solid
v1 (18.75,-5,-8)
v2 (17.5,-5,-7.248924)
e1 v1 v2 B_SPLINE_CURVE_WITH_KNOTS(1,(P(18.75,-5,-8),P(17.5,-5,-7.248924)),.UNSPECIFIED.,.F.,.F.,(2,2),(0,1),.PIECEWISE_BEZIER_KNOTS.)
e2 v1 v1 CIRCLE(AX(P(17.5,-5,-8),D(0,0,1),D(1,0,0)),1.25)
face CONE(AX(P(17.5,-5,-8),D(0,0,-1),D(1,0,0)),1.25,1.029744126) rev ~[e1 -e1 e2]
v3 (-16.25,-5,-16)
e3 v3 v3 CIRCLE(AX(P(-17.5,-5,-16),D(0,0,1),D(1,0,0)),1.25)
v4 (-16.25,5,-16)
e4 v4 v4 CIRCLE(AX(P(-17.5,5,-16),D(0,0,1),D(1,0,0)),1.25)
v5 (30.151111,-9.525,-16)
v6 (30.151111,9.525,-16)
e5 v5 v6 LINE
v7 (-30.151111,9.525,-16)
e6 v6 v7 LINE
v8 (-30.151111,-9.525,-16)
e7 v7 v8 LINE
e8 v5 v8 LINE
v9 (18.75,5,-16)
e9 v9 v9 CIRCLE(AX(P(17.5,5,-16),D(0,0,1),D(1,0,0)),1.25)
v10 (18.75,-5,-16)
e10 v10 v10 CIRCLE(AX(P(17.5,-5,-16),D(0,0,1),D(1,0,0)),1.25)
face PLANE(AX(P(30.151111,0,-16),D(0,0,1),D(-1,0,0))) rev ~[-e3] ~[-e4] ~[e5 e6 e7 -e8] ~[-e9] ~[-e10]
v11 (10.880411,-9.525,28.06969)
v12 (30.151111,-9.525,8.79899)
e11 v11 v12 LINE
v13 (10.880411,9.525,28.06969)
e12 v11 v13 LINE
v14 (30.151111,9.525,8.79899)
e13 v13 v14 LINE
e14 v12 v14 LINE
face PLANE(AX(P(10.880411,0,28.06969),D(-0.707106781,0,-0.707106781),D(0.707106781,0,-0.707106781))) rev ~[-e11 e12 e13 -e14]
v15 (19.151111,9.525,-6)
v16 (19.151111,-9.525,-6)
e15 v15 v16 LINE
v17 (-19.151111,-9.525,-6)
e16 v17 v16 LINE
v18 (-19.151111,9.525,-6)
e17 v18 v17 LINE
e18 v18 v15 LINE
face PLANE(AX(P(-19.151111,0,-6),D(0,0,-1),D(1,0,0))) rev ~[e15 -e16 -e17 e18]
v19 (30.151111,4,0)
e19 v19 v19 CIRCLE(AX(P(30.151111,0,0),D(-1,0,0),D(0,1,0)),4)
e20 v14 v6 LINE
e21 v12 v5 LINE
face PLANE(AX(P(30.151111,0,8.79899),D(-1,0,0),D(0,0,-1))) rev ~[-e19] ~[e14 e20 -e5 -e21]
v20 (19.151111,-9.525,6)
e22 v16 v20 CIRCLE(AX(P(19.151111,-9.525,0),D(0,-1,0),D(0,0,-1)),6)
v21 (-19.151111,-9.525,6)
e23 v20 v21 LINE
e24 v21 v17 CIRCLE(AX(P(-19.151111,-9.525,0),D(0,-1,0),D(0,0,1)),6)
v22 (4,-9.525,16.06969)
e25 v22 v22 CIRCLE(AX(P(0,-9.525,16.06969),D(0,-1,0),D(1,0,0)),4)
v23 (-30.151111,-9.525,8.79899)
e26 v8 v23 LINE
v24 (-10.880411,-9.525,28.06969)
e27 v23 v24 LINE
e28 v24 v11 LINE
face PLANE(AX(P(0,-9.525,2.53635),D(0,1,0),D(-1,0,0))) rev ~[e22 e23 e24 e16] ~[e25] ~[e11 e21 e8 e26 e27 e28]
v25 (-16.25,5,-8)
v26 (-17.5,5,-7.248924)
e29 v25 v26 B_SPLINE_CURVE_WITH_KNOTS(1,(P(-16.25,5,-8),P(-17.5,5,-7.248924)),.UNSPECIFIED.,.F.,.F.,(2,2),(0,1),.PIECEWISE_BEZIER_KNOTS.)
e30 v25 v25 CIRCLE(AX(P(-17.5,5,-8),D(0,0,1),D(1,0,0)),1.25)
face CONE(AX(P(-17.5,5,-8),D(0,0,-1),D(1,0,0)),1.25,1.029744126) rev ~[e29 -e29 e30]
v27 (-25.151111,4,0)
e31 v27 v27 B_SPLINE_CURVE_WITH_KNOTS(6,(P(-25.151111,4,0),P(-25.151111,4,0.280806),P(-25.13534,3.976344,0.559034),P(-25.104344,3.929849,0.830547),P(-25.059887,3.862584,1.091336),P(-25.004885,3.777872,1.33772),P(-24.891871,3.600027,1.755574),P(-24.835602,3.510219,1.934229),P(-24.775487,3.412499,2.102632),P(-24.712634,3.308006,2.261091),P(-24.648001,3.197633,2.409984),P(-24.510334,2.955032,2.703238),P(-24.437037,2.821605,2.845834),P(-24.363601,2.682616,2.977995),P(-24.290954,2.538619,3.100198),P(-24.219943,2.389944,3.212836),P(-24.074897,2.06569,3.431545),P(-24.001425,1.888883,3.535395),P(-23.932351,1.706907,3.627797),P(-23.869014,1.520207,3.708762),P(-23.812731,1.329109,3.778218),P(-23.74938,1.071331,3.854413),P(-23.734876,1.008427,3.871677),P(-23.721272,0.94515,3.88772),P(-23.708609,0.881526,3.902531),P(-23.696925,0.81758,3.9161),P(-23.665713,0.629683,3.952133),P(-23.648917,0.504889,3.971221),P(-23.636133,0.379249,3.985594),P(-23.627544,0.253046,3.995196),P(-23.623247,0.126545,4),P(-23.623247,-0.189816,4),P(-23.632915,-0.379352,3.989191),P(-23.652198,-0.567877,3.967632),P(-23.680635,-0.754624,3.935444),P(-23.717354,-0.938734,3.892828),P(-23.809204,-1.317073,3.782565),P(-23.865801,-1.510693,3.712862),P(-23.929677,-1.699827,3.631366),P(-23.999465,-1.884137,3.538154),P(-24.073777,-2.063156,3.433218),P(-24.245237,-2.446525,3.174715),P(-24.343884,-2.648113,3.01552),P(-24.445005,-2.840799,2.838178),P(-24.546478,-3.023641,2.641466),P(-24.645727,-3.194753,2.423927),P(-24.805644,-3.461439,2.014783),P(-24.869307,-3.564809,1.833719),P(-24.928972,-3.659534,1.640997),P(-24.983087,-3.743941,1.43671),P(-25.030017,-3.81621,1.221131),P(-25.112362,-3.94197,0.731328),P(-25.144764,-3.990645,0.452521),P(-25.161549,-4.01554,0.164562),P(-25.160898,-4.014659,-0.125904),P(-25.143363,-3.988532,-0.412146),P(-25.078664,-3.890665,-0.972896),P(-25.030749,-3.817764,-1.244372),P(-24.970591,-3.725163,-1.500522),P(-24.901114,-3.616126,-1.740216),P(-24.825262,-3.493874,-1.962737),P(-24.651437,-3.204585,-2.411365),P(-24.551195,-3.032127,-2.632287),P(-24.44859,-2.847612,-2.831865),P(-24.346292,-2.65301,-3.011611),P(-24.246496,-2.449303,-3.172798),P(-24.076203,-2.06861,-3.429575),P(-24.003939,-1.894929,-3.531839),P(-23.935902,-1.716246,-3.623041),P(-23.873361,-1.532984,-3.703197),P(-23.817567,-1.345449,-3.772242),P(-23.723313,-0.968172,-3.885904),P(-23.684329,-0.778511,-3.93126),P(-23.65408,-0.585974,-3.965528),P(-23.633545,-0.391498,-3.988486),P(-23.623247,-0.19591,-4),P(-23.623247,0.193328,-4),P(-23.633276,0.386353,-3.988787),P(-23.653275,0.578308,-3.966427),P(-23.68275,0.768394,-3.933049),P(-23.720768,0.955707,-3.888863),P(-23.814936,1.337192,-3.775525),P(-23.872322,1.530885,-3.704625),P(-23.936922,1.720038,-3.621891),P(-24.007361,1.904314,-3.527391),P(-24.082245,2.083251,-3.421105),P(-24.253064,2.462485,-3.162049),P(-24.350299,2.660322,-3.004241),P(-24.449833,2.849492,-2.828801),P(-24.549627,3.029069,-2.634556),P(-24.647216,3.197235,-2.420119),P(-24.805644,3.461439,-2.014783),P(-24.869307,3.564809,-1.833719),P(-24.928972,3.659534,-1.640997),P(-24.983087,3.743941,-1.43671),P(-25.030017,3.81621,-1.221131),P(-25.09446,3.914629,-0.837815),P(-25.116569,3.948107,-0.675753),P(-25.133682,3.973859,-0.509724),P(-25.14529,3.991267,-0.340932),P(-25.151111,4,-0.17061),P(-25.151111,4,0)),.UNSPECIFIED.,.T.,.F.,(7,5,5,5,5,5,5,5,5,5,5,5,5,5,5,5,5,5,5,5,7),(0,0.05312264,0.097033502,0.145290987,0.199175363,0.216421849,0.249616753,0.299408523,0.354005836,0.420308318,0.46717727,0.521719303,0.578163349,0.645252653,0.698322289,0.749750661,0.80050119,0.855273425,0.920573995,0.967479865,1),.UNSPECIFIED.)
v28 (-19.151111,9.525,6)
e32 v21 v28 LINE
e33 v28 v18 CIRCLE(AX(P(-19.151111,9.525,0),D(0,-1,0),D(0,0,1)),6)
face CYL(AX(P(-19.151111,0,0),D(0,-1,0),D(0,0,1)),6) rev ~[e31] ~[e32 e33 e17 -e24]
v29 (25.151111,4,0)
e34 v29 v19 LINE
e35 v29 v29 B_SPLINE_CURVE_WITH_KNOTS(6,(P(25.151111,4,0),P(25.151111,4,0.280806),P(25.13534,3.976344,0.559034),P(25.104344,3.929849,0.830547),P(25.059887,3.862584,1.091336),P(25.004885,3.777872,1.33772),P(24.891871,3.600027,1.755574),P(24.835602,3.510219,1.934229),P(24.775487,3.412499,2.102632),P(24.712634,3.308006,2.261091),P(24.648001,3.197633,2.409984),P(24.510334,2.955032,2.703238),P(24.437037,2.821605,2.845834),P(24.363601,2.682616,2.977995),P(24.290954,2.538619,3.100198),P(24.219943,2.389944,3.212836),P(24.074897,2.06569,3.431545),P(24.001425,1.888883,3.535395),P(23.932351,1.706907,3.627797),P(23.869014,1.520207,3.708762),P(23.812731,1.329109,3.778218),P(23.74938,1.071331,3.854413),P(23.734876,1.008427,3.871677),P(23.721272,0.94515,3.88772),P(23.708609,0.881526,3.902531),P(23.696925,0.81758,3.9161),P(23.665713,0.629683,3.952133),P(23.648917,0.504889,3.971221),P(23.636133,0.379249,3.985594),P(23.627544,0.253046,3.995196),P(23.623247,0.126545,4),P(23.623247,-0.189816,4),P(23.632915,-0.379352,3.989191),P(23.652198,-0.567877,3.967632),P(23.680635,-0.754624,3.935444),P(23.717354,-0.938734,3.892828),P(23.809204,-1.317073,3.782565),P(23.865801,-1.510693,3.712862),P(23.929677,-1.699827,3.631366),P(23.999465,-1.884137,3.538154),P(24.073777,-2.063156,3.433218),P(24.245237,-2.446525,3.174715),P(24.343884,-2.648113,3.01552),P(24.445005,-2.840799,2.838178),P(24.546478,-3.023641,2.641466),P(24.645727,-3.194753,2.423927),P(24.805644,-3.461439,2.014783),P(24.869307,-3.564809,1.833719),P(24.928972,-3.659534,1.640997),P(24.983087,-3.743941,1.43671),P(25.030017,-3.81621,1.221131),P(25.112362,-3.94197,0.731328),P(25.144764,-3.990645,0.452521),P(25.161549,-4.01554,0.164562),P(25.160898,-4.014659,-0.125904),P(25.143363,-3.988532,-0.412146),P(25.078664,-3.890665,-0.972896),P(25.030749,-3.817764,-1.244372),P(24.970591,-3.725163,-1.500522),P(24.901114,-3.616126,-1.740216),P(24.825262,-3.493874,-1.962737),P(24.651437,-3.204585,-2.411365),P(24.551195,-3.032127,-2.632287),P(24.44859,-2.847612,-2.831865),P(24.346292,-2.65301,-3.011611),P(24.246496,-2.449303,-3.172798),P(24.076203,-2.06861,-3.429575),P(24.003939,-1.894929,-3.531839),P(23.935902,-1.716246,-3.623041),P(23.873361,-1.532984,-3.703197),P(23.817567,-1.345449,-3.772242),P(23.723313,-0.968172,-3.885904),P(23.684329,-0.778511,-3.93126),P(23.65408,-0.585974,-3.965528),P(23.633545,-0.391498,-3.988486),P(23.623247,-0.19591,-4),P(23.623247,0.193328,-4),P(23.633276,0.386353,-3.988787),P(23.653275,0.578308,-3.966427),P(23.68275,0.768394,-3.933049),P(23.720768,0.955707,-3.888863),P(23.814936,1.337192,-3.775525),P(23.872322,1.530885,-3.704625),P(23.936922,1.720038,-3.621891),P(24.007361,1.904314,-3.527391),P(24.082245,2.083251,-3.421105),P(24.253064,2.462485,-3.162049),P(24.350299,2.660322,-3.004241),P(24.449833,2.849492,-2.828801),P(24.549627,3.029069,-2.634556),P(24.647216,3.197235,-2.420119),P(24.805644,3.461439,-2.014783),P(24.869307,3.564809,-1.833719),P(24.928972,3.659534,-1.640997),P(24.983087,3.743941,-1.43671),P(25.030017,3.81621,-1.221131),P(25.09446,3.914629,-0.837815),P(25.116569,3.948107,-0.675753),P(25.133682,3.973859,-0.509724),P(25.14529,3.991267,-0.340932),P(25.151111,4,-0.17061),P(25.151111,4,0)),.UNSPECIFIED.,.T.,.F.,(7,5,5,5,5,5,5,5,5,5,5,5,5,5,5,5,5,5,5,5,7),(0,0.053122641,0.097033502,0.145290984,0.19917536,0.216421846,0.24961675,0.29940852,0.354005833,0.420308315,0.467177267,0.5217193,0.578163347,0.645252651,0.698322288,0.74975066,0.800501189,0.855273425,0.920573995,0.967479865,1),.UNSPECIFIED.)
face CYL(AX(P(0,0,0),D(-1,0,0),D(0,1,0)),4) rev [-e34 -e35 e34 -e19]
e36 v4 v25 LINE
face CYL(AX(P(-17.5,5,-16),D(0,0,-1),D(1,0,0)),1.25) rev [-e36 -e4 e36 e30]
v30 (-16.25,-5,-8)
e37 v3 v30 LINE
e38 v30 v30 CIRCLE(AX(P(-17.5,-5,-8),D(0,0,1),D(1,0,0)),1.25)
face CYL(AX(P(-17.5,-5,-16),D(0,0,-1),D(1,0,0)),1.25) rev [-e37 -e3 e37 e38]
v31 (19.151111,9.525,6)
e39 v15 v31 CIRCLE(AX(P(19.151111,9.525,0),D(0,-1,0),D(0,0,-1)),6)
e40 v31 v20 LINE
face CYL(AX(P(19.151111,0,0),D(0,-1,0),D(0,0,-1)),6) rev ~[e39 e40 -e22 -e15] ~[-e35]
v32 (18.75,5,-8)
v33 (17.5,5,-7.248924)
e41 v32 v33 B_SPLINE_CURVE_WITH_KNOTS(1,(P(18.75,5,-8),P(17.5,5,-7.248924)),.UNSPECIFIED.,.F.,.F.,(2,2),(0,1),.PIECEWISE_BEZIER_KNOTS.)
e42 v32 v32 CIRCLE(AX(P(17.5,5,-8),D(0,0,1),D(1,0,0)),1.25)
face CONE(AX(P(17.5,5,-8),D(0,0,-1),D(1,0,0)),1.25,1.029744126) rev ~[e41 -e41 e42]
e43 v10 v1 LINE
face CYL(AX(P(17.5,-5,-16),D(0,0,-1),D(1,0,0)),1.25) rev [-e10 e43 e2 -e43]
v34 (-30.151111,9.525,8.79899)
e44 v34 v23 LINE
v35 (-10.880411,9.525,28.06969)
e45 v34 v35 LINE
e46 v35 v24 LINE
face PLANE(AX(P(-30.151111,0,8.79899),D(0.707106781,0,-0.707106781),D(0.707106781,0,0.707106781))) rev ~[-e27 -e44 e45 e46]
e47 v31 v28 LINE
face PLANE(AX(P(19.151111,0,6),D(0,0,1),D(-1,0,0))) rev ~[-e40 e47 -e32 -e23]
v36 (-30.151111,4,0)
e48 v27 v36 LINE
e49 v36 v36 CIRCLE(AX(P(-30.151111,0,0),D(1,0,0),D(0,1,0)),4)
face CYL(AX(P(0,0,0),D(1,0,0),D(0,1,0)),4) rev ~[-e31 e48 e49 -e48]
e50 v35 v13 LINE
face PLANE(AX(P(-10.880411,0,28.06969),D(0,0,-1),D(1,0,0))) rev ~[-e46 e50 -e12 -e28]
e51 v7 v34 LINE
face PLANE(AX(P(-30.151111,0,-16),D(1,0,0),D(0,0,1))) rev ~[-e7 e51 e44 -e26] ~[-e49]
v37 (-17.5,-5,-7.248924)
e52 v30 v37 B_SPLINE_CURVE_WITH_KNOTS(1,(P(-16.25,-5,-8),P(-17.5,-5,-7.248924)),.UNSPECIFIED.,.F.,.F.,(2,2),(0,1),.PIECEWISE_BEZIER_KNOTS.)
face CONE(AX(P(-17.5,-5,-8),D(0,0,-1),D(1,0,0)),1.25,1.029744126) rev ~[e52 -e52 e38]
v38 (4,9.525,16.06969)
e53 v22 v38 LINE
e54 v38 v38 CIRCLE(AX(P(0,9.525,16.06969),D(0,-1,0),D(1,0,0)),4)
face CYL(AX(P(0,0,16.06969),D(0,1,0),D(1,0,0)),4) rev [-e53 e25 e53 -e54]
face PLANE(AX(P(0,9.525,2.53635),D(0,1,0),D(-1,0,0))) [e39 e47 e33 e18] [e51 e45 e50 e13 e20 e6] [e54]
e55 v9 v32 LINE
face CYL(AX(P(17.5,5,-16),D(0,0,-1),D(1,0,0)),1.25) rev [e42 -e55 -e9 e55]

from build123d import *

# Parameters (mm, degrees)
SKETCH_R          = 4
PAD_DEPTH         = 9.525
SKETCH001_R       = 4
POCKET_DEPTH      = 30.152111
POCKET_DEPTH_BACK = 30.152111
SKETCH003_R       = 1.25
HOLE_DEPTH        = 8
HOLE_TIPS_R       = 1.25


with BuildPart() as part:
    # Sketch → Pad (new body, symmetric)
    with BuildSketch(Plane.XZ):
        Polygon((-10.880411, 28.06969), (10.880411, 28.06969), (30.151111, 8.79899), (30.151111, -16), (-30.151111, -16), (-30.151111, 8.79899), align=None)
        with Locations((0, 16.06969)):
            Circle(SKETCH_R, mode=Mode.SUBTRACT)
        with BuildLine():
            ThreePointArc((-19.151111, 6), (-25.151111, 0), (-19.151111, -6))
            Line((-19.151111, -6), (19.151111, -6))
            ThreePointArc((19.151111, -6), (25.151111, 0), (19.151111, 6))
            Line((19.151111, 6), (-19.151111, 6))
        make_face(mode=Mode.SUBTRACT)
    extrude(amount=PAD_DEPTH, both=True)

    # Sketch001 → Pocket (cut, two sides)
    with BuildSketch(Plane.YZ) as pocket_sk:
        Circle(SKETCH001_R)
    extrude(amount=-POCKET_DEPTH, mode=Mode.SUBTRACT)
    extrude(pocket_sk.sketch, amount=POCKET_DEPTH_BACK, mode=Mode.SUBTRACT)

    # Sketch003 → Hole (cut)
    with BuildSketch(Plane.XY.offset(-16)):
        with Locations((-17.5, 5)):
            Circle(SKETCH003_R)
        with Locations((-17.5, -5)):
            Circle(SKETCH003_R)
        with Locations((17.5, -5)):
            Circle(SKETCH003_R)
        with Locations((17.5, 5)):
            Circle(SKETCH003_R)
    extrude(amount=HOLE_DEPTH, mode=Mode.SUBTRACT)

    # Hole tips → Hole tip 1 section 0
    with BuildSketch(Plane.XY.offset(-8), mode=Mode.PRIVATE) as hole_tip_1_s0:
        with Locations((-17.5, 5)):
            Circle(HOLE_TIPS_R)
    loft([hole_tip_1_s0.sketch, Vertex(-17.5, 5, -7.248924)], mode=Mode.SUBTRACT)

    # Hole tips → Hole tip 2 section 0
    with BuildSketch(Plane.XY.offset(-8), mode=Mode.PRIVATE) as hole_tip_2_s0:
        with Locations((-17.5, -5)):
            Circle(HOLE_TIPS_R)
    loft([hole_tip_2_s0.sketch, Vertex(-17.5, -5, -7.248924)], mode=Mode.SUBTRACT)

    # Hole tips → Hole tip 3 section 0
    with BuildSketch(Plane.XY.offset(-8), mode=Mode.PRIVATE) as hole_tip_3_s0:
        with Locations((17.5, -5)):
            Circle(HOLE_TIPS_R)
    loft([hole_tip_3_s0.sketch, Vertex(17.5, -5, -7.248924)], mode=Mode.SUBTRACT)

    # Hole tips → Hole tip 4 section 0
    with BuildSketch(Plane.XY.offset(-8), mode=Mode.PRIVATE) as hole_tip_4_s0:
        with Locations((17.5, 5)):
            Circle(HOLE_TIPS_R)
    loft([hole_tip_4_s0.sketch, Vertex(17.5, 5, -7.248924)], mode=Mode.SUBTRACT)


solid = part.part
